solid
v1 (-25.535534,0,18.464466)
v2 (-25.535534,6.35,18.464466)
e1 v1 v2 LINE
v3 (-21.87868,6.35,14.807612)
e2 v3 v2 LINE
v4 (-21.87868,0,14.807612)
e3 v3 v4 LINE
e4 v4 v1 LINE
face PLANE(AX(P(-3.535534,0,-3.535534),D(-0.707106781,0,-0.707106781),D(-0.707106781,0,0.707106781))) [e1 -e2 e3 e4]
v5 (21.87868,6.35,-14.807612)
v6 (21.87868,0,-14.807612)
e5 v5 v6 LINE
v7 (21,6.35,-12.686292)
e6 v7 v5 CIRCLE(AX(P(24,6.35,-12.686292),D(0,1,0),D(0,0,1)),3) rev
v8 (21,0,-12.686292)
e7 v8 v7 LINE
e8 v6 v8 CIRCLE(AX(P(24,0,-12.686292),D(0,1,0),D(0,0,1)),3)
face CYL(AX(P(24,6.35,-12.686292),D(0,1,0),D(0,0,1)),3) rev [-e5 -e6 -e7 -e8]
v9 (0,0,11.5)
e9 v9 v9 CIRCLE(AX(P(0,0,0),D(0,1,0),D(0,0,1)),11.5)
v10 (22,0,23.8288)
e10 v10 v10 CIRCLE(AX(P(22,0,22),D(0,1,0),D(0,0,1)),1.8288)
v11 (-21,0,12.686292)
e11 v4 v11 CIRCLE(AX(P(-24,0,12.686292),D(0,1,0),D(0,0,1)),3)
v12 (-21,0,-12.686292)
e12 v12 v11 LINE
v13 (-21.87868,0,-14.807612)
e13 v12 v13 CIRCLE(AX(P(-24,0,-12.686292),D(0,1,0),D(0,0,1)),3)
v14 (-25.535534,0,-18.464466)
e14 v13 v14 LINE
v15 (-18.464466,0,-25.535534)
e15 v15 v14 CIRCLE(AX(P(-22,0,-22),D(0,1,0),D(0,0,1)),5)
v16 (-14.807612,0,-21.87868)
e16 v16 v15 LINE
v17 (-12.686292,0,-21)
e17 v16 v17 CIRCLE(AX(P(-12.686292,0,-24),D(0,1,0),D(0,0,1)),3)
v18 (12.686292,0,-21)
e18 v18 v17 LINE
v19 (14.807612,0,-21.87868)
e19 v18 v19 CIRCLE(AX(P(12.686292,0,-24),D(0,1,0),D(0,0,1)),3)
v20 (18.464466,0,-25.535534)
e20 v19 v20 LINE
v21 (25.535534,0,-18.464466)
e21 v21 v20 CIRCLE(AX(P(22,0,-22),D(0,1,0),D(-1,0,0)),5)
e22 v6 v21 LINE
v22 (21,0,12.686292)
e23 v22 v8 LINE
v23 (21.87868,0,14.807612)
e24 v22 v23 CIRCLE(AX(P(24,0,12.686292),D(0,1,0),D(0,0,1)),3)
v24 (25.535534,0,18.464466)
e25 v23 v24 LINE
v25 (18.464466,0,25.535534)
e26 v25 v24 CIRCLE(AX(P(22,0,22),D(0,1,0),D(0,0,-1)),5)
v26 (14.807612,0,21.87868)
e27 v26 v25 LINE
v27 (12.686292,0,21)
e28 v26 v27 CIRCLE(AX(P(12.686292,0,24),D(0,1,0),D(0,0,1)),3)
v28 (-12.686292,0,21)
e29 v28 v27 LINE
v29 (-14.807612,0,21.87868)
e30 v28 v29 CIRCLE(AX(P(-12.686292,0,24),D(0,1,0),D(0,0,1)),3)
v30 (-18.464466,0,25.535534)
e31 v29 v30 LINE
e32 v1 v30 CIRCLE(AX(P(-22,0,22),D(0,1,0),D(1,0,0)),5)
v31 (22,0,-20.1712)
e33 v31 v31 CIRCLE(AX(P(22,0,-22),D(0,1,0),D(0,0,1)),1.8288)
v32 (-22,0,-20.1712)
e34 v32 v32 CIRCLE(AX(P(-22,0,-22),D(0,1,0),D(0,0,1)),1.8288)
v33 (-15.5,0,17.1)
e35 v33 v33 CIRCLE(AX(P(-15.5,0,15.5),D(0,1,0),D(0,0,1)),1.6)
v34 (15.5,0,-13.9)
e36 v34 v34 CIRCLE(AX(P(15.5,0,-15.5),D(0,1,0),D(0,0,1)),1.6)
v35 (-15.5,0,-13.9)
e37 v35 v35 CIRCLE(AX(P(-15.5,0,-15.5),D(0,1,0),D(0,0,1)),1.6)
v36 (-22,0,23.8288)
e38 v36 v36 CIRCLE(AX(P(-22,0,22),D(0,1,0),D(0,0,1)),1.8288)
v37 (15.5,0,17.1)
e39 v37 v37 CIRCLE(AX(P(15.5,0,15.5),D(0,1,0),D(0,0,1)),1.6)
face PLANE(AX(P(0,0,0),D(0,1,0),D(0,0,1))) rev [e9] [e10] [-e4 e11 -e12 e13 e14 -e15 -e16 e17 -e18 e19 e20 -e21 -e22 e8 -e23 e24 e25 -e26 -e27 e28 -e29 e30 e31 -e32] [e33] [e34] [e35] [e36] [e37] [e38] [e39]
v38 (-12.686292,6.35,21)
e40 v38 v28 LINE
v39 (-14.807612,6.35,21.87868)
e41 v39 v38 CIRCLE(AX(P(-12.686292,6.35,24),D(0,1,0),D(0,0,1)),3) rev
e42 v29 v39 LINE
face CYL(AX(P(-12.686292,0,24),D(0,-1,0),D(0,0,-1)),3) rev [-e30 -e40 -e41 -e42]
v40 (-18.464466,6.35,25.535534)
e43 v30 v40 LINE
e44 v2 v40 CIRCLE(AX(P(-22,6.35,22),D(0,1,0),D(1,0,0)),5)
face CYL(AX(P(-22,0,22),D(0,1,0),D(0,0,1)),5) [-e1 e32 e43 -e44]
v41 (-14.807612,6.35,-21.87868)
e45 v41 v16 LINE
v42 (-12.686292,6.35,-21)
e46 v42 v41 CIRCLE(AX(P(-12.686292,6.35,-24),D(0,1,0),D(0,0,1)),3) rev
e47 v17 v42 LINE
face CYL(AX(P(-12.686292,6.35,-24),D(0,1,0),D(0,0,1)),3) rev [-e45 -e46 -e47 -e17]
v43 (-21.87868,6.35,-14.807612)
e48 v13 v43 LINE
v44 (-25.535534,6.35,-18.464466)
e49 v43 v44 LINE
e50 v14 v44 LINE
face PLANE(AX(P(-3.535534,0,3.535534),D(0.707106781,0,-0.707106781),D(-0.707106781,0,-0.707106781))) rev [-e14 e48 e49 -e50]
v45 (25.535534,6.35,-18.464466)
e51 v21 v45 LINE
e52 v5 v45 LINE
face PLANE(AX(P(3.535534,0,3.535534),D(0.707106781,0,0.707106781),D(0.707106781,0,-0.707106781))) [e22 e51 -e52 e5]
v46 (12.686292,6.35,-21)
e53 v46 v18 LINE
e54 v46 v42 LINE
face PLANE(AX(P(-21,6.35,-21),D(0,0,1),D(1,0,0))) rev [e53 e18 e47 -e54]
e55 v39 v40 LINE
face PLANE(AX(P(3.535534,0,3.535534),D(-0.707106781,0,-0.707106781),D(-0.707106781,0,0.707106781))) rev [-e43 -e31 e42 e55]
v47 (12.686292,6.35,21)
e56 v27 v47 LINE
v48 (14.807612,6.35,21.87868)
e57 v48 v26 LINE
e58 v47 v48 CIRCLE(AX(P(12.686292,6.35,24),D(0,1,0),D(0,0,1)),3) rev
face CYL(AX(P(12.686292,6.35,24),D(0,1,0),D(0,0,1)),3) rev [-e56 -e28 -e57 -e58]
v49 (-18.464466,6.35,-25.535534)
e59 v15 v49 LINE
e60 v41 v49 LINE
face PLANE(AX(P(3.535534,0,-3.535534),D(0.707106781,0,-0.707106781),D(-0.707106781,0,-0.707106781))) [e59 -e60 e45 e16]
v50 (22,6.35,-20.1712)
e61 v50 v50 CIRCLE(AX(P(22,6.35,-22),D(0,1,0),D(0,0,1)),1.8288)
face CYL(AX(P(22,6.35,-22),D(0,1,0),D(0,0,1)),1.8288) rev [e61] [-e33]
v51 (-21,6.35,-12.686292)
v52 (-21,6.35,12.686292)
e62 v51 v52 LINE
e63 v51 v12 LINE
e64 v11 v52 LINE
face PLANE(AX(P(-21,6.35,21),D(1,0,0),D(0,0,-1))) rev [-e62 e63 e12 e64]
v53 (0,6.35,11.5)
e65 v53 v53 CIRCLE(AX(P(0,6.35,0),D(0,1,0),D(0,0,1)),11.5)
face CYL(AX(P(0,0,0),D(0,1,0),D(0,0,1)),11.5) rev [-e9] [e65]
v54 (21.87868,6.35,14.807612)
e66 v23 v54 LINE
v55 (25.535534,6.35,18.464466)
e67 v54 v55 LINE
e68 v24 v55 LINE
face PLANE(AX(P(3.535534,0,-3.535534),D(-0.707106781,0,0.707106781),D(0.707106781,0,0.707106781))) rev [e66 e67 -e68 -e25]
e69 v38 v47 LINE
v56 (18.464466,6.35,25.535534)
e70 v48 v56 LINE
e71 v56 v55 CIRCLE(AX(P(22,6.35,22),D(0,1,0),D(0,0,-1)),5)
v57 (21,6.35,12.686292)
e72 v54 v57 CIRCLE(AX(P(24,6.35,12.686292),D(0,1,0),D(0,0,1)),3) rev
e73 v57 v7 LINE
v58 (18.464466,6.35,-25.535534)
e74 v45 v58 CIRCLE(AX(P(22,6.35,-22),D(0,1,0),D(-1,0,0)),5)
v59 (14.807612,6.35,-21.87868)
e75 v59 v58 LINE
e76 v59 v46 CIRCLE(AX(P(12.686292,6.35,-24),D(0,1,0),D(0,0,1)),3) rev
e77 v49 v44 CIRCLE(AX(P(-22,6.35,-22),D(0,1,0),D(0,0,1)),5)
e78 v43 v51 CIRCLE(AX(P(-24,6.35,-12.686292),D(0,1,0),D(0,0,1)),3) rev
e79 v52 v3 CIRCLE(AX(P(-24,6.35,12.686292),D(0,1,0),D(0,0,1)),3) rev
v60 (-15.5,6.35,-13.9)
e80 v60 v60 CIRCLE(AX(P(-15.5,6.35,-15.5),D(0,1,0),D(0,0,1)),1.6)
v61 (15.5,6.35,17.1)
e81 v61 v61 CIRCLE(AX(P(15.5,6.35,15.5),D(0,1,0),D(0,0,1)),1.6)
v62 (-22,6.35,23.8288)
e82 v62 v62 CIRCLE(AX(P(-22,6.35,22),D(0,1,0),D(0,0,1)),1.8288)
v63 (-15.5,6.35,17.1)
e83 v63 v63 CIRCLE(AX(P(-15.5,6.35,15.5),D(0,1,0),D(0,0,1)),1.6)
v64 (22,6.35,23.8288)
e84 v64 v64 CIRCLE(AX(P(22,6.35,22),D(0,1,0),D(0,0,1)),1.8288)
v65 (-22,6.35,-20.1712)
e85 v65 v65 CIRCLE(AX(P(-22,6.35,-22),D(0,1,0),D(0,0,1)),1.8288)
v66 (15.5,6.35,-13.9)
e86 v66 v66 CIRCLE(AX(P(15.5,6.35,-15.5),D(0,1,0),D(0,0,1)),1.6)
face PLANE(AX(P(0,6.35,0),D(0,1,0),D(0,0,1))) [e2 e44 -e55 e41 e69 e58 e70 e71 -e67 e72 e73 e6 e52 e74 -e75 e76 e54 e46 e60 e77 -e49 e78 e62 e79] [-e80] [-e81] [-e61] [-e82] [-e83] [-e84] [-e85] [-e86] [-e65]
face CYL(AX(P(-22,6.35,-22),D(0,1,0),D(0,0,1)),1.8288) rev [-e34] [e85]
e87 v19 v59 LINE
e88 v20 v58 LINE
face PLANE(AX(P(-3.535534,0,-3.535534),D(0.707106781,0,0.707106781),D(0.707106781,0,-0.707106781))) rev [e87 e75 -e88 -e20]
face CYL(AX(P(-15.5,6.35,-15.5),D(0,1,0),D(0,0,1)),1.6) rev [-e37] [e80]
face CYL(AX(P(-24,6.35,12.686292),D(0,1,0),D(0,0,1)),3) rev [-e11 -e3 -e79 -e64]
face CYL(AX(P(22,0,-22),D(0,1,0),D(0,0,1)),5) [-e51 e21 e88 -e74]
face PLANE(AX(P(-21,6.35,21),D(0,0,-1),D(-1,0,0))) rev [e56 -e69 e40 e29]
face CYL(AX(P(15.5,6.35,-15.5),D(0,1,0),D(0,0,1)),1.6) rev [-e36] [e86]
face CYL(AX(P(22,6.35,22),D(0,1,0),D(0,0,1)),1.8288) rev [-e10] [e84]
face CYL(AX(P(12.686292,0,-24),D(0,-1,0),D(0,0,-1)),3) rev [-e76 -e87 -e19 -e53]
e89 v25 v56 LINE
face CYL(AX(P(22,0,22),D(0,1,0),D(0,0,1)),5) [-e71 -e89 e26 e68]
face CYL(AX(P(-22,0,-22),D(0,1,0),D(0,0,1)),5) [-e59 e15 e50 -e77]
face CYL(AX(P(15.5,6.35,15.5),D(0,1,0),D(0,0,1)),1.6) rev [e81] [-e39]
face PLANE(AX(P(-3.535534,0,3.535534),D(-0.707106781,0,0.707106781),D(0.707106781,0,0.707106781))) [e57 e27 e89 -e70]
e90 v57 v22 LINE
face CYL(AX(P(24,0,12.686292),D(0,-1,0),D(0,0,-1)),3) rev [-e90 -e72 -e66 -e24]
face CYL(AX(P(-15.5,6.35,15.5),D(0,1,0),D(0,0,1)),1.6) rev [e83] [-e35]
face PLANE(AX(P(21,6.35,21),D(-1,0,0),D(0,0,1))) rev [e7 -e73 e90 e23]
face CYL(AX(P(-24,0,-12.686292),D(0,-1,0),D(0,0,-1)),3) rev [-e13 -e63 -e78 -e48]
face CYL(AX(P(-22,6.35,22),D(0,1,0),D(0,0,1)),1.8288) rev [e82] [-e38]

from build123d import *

# Parameters (mm, degrees)
SKETCH1_W             = 42
SKETCH1_H             = 42
BOSS_EXTRUDE1_DEPTH   = 6.35
M3_CLEARANCE_HOLE1_D  = 3.2
SKETCH6_R             = 11.5
CUT_EXTRUDE1_DEPTH    = 31.369762923
BOSS_EXTRUDE2_DEPTH   = 6.35
F_6_CLEARANCE_HOLE1_D = 3.6576
CIRPATTERN2_COUNT     = 4
FILLET2_R             = 3


with BuildPart() as part:
    # Sketch1 → Boss-Extrude1 (new body)
    with BuildSketch(Plane(origin=(0, 0, 0), x_dir=(1, 0, 0), z_dir=(0, 1, 0))):
        Rectangle(SKETCH1_W, SKETCH1_H)
    extrude(amount=BOSS_EXTRUDE1_DEPTH)

    # M3 Clearance Hole1 (through all)
    with Locations(Plane(origin=(0, 6.35, 0), x_dir=(1, 0, 0), z_dir=(0, 1, 0))):
        with Locations((-15.5, 15.5), (-15.5, -15.5), (15.5, -15.5), (15.5, 15.5)):
            Hole(M3_CLEARANCE_HOLE1_D / 2)

    # Sketch6 → Cut-Extrude1 (cut, through all)
    with BuildSketch(Plane(origin=(0, 6.35, 0), x_dir=(1, 0, 0), z_dir=(0, 1, 0))):
        Circle(SKETCH6_R)
    extrude(amount=-CUT_EXTRUDE1_DEPTH, mode=Mode.SUBTRACT)

    # Sketch7 → Boss-Extrude2 (add)
    with BuildSketch(Plane(origin=(0, 6.35, 0), x_dir=(1, 0, 0), z_dir=(0, 1, 0))):
        with BuildLine():
            Line((-25.535533906, 18.464466094), (-21, 13.928932188))
            Line((-21, 13.928932188), (-21, 21))
            Line((-21, 21), (-13.928932188, 21))
            Line((-13.928932188, 21), (-18.464466094, 25.535533906))
            ThreePointArc((-18.464466094, 25.535533906), (-25.535533906, 25.535533906), (-25.535533906, 18.464466094))
        make_face()
    boss_extrude2 = extrude(amount=-BOSS_EXTRUDE2_DEPTH)

    # #6 Clearance Hole1 (through all)
    with Locations(Plane(origin=(0, 6.35, 0), x_dir=(1, 0, 0), z_dir=(0, 1, 0))):
        with Locations((-22, 22)):
            f_6_clearance_hole1 = Hole(F_6_CLEARANCE_HOLE1_D / 2)

    # CirPattern2: Boss-Extrude2, #6 Clearance Hole1 ×4 about axis
    cirpattern2_axis = Axis((0, 0, 0), (0, 1, 0))
    add([boss_extrude2.rotate(cirpattern2_axis, i * 360 / CIRPATTERN2_COUNT) for i in range(1, CIRPATTERN2_COUNT)])
    add([f_6_clearance_hole1.rotate(cirpattern2_axis, i * 360 / CIRPATTERN2_COUNT) for i in range(1, CIRPATTERN2_COUNT)], mode=Mode.SUBTRACT)

    # Fillet2
    fillet2_edges = [part.edges().sort_by_distance(p)[0] for p in [
        (13.928932188, 3.175, -21),
        (21, 3.175, -13.928932188),
        (21, 3.175, 13.928932188),
        (13.928932188, 3.175, 21),
        (-13.928932188, 3.175, 21),
        (-21, 3.175, 13.928932188),
        (-21, 3.175, -13.928932188),
        (-13.928932188, 3.175, -21),
    ]]
    fillet(fillet2_edges, radius=FILLET2_R)


solid = part.part
